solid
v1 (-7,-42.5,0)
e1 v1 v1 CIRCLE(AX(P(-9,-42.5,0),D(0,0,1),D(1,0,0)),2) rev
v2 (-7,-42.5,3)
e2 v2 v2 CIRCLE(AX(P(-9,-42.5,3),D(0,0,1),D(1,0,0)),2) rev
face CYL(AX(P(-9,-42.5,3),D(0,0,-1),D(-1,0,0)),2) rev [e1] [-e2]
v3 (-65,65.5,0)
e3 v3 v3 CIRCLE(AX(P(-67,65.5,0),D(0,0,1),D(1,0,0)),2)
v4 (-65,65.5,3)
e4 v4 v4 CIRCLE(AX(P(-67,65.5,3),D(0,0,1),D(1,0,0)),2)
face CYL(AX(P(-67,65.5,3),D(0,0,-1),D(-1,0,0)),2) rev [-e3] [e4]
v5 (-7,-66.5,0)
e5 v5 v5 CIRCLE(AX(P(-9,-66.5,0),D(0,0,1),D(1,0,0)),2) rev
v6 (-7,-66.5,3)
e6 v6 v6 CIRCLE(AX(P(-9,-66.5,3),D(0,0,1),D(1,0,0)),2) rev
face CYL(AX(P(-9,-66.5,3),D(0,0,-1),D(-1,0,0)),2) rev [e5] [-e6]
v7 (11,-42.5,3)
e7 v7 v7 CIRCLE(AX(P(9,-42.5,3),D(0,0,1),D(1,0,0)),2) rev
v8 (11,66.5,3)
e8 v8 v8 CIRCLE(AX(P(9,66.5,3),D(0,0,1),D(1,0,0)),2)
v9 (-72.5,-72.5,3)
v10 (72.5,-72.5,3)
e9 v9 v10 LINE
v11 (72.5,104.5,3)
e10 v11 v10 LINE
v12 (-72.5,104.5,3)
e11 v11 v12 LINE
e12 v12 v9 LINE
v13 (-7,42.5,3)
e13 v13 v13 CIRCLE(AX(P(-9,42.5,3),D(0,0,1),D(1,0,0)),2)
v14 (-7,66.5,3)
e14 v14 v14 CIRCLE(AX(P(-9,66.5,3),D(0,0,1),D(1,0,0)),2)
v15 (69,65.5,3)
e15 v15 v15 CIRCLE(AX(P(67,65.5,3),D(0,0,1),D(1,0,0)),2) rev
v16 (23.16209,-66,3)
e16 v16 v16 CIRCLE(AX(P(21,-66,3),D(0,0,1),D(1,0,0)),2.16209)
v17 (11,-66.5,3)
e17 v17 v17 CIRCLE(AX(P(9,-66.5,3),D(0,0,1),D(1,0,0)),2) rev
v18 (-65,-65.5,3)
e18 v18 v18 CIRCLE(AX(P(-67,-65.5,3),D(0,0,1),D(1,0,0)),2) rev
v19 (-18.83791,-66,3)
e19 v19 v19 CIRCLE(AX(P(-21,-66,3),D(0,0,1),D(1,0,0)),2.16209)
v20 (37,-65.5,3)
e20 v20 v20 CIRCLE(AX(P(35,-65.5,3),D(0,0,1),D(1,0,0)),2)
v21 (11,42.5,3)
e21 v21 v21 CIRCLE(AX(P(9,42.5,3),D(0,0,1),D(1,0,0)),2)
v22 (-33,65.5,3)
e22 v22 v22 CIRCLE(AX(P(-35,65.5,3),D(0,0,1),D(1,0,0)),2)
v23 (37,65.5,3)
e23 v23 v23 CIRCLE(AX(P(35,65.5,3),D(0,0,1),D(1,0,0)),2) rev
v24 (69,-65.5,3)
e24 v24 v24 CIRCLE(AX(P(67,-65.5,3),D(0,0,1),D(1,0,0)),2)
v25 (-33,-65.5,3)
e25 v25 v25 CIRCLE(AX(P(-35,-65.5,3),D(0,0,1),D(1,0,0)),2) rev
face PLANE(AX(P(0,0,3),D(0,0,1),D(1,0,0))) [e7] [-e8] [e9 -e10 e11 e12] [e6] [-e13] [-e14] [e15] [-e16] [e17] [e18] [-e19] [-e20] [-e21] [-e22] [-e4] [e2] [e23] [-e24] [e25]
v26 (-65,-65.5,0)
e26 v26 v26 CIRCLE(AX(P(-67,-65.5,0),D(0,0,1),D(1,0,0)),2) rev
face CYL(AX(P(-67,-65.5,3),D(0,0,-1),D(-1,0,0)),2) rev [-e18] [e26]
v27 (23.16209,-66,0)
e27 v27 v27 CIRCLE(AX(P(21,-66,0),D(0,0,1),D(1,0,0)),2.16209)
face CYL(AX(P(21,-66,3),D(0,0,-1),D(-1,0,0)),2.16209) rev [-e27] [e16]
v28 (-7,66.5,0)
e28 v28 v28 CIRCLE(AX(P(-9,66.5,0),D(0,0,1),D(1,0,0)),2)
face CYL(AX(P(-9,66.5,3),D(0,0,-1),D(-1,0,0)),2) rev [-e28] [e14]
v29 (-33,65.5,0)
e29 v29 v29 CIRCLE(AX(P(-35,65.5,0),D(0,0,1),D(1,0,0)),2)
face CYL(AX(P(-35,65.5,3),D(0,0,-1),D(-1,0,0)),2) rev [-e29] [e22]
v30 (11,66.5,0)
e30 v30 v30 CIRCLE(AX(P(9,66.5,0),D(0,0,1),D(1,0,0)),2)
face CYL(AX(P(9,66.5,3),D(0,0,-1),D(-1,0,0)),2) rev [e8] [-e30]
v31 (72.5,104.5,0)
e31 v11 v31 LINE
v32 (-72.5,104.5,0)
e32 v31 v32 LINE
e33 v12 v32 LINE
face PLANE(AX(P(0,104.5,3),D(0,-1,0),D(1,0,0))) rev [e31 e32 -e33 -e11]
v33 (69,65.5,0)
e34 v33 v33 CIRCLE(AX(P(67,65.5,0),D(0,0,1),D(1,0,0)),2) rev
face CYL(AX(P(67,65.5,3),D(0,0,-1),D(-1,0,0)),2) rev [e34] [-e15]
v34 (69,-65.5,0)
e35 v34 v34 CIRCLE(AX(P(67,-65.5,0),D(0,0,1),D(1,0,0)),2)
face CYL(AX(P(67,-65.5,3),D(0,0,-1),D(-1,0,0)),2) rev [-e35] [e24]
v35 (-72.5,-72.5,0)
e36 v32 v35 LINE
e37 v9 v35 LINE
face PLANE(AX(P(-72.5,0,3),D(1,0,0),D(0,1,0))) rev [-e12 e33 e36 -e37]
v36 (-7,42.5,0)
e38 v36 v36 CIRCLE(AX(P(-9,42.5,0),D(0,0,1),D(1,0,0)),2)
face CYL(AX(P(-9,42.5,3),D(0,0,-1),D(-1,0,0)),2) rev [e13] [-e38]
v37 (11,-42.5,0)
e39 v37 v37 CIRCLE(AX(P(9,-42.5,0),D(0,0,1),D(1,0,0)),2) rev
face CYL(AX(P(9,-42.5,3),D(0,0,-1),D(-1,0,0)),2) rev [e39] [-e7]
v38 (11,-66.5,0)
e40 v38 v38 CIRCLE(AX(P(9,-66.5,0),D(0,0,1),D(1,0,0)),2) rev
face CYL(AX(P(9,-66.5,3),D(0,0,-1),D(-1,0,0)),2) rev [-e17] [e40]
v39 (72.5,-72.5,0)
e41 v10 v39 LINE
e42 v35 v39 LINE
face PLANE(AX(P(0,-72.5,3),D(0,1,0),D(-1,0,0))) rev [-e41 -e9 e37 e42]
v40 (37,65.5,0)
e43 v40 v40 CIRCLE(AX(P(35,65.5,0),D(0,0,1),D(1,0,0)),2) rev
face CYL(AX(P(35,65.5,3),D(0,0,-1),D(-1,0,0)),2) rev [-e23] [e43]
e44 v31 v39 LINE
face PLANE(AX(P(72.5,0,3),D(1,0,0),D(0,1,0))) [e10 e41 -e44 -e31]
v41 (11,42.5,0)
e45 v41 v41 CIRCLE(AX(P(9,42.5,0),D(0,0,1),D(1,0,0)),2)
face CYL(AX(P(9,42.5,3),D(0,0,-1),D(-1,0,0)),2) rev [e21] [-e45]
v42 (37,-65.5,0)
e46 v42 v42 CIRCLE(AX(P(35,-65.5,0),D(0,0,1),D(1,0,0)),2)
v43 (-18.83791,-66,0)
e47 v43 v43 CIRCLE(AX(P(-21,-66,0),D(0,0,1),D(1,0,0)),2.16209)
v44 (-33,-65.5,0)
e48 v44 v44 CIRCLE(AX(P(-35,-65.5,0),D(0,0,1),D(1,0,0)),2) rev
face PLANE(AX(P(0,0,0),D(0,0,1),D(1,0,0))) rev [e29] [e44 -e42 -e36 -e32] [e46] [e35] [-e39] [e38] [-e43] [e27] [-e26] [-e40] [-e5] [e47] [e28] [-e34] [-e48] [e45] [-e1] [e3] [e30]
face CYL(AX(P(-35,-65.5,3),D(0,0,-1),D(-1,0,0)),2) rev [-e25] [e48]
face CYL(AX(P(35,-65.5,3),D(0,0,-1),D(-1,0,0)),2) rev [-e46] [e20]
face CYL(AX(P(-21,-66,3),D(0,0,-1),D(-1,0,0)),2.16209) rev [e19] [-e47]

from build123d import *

# Parameters (mm, degrees)
SKETCH1_R           = 2
SKETCH1_R_2         = 2.162090294
BOSS_EXTRUDE1_DEPTH = 3


with BuildPart() as part:
    # Sketch1 → Boss-Extrude1 (new body)
    with BuildSketch(Plane.XY):
        Polygon((72.5, 104.5), (-72.5, 104.5), (-72.5, 72.5), (-72.5, -72.5), (72.5, -72.5), (72.5, 72.5), align=None)
        with Locations((67, 65.5)):
            Circle(SKETCH1_R, mode=Mode.SUBTRACT)
        with Locations((-35, 65.5)):
            Circle(SKETCH1_R, mode=Mode.SUBTRACT)
        with Locations((-67, 65.5)):
            Circle(SKETCH1_R, mode=Mode.SUBTRACT)
        with Locations((-67, -65.5)):
            Circle(SKETCH1_R, mode=Mode.SUBTRACT)
        with Locations((67, -65.5)):
            Circle(SKETCH1_R, mode=Mode.SUBTRACT)
        with Locations((35, -65.5)):
            Circle(SKETCH1_R, mode=Mode.SUBTRACT)
        with Locations((21, -66)):
            Circle(SKETCH1_R_2, mode=Mode.SUBTRACT)
        with Locations((-21, -66)):
            Circle(SKETCH1_R_2, mode=Mode.SUBTRACT)
        with Locations((-9, -42.5)):
            Circle(SKETCH1_R, mode=Mode.SUBTRACT)
        with Locations((9, -66.5)):
            Circle(SKETCH1_R, mode=Mode.SUBTRACT)
        with Locations((9, 66.5)):
            Circle(SKETCH1_R, mode=Mode.SUBTRACT)
        with Locations((-9, 66.5)):
            Circle(SKETCH1_R, mode=Mode.SUBTRACT)
        with Locations((-9, 42.5)):
            Circle(SKETCH1_R, mode=Mode.SUBTRACT)
        with Locations((9, 42.5)):
            Circle(SKETCH1_R, mode=Mode.SUBTRACT)
        with Locations((-9, -66.5)):
            Circle(SKETCH1_R, mode=Mode.SUBTRACT)
        with Locations((9, -42.5)):
            Circle(SKETCH1_R, mode=Mode.SUBTRACT)
        with Locations((-35, -65.5)):
            Circle(SKETCH1_R, mode=Mode.SUBTRACT)
        with Locations((35, 65.5)):
            Circle(SKETCH1_R, mode=Mode.SUBTRACT)
    extrude(amount=BOSS_EXTRUDE1_DEPTH)


solid = part.part
